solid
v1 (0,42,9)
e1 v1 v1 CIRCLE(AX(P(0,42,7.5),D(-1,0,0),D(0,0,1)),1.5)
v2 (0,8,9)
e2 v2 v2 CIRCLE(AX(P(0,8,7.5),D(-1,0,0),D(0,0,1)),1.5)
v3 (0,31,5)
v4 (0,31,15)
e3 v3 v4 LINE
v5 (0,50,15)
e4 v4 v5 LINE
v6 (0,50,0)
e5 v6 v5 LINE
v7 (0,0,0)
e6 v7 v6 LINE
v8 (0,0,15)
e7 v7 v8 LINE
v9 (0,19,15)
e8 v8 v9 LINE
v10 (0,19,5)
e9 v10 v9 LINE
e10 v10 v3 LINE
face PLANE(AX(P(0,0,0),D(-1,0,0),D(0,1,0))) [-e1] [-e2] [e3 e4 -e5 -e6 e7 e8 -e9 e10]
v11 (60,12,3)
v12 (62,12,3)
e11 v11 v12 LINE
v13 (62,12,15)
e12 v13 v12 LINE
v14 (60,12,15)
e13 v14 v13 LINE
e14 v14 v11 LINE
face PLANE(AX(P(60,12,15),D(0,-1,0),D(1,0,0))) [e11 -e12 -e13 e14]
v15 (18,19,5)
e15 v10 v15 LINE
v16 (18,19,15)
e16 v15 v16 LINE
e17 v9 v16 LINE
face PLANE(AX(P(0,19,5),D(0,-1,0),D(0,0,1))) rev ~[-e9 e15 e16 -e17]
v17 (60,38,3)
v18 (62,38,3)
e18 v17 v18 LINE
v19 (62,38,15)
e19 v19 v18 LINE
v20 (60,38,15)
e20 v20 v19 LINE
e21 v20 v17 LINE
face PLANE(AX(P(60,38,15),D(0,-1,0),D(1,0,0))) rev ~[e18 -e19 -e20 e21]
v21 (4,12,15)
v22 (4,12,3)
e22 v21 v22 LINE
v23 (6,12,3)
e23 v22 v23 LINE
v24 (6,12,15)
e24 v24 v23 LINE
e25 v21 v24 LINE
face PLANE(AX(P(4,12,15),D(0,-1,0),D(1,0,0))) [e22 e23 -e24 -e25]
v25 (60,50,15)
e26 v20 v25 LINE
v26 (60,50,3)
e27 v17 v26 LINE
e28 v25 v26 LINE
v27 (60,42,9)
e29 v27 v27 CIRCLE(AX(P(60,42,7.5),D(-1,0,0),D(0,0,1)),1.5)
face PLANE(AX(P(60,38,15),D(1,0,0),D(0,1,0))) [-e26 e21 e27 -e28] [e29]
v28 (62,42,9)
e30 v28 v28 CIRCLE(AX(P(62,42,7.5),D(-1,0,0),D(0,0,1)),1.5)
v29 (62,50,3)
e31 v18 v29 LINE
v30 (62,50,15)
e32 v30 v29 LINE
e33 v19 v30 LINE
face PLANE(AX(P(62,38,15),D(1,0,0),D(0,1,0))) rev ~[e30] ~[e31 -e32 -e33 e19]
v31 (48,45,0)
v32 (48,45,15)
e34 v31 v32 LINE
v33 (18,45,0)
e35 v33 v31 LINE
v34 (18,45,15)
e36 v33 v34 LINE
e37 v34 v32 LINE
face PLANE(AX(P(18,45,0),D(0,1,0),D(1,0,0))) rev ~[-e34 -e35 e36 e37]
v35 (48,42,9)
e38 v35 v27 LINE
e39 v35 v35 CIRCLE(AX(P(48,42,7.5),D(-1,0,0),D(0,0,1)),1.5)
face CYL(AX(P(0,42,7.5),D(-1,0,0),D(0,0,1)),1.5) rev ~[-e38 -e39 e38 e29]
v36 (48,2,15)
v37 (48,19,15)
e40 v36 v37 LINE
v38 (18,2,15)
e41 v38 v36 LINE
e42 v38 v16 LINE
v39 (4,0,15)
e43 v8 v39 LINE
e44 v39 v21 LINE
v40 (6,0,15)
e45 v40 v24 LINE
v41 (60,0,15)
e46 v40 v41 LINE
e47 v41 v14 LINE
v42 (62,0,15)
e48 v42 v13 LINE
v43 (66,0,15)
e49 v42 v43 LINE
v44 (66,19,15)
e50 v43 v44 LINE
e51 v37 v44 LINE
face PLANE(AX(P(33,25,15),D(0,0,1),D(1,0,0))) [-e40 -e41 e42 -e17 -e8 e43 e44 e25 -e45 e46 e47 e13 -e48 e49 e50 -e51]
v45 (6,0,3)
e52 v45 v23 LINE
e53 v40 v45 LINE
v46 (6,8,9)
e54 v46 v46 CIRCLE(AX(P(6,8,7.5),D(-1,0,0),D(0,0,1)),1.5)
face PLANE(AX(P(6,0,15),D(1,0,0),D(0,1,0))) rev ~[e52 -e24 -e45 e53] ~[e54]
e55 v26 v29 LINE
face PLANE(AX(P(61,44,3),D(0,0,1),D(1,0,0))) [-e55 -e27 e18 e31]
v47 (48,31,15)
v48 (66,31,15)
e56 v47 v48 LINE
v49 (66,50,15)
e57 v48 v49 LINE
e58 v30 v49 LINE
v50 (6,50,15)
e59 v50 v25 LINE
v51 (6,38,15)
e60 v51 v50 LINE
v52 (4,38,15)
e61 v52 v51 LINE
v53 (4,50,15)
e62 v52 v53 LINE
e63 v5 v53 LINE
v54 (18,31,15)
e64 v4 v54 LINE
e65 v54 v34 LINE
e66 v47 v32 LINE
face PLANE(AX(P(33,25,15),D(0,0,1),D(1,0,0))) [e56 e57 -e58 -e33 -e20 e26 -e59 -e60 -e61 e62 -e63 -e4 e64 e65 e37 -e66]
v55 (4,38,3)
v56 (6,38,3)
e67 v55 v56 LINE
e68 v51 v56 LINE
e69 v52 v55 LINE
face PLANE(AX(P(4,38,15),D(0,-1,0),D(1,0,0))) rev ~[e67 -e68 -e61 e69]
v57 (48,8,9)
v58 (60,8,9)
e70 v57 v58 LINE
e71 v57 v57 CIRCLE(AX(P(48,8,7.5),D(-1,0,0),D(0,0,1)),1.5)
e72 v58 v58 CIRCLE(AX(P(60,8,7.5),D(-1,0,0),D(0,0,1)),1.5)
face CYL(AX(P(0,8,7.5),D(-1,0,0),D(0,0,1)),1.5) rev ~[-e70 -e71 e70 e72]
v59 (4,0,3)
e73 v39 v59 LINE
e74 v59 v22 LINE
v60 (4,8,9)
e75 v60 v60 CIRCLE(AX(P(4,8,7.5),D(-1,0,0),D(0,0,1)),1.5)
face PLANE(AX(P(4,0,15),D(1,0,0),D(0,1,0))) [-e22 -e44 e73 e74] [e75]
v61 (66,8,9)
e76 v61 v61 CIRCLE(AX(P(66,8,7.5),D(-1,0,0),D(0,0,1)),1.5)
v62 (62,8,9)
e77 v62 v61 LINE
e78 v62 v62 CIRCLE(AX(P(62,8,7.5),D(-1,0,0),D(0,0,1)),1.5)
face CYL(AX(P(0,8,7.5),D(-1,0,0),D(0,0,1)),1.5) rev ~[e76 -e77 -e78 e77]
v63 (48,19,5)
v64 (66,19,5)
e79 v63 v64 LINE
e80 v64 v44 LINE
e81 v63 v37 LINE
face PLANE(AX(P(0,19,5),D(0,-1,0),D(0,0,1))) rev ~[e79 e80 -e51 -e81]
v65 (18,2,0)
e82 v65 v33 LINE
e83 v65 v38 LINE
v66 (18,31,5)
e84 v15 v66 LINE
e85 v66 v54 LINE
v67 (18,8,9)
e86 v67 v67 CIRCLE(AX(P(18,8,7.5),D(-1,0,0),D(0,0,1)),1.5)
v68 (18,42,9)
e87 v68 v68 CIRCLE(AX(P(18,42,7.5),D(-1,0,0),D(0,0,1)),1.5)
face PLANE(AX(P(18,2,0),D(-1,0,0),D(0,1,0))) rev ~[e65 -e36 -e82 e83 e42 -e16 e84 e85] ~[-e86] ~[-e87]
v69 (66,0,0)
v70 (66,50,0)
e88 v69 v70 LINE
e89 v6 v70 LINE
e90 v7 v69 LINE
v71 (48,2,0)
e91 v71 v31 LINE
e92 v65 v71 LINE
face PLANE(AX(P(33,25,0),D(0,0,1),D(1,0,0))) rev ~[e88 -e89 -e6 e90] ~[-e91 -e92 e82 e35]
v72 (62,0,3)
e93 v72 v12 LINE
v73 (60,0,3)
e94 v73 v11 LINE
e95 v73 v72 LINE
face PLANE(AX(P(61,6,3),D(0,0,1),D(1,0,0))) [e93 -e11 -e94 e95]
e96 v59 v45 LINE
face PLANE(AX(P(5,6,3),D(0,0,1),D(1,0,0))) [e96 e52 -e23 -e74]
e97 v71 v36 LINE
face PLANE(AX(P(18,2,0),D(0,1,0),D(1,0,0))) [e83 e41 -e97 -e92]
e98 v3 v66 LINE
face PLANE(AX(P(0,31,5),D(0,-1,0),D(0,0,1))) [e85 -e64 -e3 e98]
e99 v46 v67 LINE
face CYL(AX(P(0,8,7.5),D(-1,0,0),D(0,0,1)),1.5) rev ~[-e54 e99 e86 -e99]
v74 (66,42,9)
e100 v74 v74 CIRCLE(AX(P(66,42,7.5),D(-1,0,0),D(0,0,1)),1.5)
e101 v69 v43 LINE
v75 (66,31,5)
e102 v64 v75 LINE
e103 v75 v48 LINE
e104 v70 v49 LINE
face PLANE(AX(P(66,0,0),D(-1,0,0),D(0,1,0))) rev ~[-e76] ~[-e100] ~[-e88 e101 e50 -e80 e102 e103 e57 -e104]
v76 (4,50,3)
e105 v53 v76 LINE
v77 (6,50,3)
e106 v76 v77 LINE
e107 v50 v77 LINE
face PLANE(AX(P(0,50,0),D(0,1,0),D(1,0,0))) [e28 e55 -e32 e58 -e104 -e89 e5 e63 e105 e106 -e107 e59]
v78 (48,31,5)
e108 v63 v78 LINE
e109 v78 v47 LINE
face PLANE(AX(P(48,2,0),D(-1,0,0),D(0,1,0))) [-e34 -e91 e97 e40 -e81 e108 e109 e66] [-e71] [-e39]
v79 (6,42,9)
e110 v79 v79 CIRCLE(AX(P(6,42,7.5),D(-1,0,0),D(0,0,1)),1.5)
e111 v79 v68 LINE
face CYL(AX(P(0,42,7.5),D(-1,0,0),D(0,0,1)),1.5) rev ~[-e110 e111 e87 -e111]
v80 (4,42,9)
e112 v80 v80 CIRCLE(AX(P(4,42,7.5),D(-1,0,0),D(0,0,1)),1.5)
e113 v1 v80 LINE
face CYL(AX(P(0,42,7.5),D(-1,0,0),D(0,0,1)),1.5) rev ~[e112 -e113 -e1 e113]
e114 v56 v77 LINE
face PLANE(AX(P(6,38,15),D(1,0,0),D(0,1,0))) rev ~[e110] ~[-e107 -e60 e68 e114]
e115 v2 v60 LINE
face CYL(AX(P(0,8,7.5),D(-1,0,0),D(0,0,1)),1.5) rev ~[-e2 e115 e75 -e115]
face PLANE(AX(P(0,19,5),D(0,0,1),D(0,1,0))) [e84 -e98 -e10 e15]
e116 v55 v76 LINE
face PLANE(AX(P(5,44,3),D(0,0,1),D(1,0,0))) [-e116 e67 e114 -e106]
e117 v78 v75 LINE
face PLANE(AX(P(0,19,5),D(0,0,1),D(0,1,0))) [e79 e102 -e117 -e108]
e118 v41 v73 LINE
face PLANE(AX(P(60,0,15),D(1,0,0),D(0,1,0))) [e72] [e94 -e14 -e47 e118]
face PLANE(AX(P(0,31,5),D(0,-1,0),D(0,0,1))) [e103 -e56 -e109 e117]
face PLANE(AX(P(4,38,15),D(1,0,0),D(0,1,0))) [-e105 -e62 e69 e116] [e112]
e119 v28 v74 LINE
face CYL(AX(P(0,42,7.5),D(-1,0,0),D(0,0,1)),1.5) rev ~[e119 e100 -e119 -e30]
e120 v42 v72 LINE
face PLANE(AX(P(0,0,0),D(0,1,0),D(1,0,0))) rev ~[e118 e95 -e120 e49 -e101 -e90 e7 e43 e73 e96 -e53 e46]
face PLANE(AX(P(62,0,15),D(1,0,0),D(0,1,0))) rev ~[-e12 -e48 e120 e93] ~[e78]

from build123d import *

# Parameters (mm, degrees)
CROQUIS1_W              = 66
CROQUIS1_H              = 50
CROQUIS1_W_2            = 30
CROQUIS1_H_2            = 43
SALIENTE_EXTRUIR1_DEPTH = 15
CROQUIS2_R              = 1.5
CROQUIS2_W              = 10
CROQUIS2_H              = 12
CORTAR_EXTRUIR1_DEPTH   = 67
CROQUIS3_W              = 2
CROQUIS3_H              = 12
CORTAR_EXTRUIR2_DEPTH   = 12


with BuildPart() as part:
    # Croquis1 → Saliente-Extruir1 (new body)
    with BuildSketch(Plane.XY):
        with Locations((33, 25)):
            Rectangle(CROQUIS1_W, CROQUIS1_H)
        with Locations((33, 23.5)):
            Rectangle(CROQUIS1_W_2, CROQUIS1_H_2, mode=Mode.SUBTRACT)
    extrude(amount=SALIENTE_EXTRUIR1_DEPTH)

    # Croquis2 → Cortar-Extruir1 (cut, through all)
    with BuildSketch(Plane.ZY):
        with Locations((7.5, 42)):
            Circle(CROQUIS2_R)
        with Locations((7.5, 8)):
            Circle(CROQUIS2_R)
        with Locations((10, 25)):
            Rectangle(CROQUIS2_W, CROQUIS2_H)
    extrude(amount=-CORTAR_EXTRUIR1_DEPTH, mode=Mode.SUBTRACT)

    # Croquis3 → Cortar-Extruir2 (cut)
    with BuildSketch(Plane.XY.offset(15)):
        with Locations((5, 44)):
            Rectangle(CROQUIS3_W, CROQUIS3_H)
        with Locations((61, 44)):
            Rectangle(CROQUIS3_W, CROQUIS3_H)
        with Locations((5, 6)):
            Rectangle(CROQUIS3_W, CROQUIS3_H)
        with Locations((61, 6)):
            Rectangle(CROQUIS3_W, CROQUIS3_H)
    extrude(amount=-CORTAR_EXTRUIR2_DEPTH, mode=Mode.SUBTRACT)


solid = part.part
